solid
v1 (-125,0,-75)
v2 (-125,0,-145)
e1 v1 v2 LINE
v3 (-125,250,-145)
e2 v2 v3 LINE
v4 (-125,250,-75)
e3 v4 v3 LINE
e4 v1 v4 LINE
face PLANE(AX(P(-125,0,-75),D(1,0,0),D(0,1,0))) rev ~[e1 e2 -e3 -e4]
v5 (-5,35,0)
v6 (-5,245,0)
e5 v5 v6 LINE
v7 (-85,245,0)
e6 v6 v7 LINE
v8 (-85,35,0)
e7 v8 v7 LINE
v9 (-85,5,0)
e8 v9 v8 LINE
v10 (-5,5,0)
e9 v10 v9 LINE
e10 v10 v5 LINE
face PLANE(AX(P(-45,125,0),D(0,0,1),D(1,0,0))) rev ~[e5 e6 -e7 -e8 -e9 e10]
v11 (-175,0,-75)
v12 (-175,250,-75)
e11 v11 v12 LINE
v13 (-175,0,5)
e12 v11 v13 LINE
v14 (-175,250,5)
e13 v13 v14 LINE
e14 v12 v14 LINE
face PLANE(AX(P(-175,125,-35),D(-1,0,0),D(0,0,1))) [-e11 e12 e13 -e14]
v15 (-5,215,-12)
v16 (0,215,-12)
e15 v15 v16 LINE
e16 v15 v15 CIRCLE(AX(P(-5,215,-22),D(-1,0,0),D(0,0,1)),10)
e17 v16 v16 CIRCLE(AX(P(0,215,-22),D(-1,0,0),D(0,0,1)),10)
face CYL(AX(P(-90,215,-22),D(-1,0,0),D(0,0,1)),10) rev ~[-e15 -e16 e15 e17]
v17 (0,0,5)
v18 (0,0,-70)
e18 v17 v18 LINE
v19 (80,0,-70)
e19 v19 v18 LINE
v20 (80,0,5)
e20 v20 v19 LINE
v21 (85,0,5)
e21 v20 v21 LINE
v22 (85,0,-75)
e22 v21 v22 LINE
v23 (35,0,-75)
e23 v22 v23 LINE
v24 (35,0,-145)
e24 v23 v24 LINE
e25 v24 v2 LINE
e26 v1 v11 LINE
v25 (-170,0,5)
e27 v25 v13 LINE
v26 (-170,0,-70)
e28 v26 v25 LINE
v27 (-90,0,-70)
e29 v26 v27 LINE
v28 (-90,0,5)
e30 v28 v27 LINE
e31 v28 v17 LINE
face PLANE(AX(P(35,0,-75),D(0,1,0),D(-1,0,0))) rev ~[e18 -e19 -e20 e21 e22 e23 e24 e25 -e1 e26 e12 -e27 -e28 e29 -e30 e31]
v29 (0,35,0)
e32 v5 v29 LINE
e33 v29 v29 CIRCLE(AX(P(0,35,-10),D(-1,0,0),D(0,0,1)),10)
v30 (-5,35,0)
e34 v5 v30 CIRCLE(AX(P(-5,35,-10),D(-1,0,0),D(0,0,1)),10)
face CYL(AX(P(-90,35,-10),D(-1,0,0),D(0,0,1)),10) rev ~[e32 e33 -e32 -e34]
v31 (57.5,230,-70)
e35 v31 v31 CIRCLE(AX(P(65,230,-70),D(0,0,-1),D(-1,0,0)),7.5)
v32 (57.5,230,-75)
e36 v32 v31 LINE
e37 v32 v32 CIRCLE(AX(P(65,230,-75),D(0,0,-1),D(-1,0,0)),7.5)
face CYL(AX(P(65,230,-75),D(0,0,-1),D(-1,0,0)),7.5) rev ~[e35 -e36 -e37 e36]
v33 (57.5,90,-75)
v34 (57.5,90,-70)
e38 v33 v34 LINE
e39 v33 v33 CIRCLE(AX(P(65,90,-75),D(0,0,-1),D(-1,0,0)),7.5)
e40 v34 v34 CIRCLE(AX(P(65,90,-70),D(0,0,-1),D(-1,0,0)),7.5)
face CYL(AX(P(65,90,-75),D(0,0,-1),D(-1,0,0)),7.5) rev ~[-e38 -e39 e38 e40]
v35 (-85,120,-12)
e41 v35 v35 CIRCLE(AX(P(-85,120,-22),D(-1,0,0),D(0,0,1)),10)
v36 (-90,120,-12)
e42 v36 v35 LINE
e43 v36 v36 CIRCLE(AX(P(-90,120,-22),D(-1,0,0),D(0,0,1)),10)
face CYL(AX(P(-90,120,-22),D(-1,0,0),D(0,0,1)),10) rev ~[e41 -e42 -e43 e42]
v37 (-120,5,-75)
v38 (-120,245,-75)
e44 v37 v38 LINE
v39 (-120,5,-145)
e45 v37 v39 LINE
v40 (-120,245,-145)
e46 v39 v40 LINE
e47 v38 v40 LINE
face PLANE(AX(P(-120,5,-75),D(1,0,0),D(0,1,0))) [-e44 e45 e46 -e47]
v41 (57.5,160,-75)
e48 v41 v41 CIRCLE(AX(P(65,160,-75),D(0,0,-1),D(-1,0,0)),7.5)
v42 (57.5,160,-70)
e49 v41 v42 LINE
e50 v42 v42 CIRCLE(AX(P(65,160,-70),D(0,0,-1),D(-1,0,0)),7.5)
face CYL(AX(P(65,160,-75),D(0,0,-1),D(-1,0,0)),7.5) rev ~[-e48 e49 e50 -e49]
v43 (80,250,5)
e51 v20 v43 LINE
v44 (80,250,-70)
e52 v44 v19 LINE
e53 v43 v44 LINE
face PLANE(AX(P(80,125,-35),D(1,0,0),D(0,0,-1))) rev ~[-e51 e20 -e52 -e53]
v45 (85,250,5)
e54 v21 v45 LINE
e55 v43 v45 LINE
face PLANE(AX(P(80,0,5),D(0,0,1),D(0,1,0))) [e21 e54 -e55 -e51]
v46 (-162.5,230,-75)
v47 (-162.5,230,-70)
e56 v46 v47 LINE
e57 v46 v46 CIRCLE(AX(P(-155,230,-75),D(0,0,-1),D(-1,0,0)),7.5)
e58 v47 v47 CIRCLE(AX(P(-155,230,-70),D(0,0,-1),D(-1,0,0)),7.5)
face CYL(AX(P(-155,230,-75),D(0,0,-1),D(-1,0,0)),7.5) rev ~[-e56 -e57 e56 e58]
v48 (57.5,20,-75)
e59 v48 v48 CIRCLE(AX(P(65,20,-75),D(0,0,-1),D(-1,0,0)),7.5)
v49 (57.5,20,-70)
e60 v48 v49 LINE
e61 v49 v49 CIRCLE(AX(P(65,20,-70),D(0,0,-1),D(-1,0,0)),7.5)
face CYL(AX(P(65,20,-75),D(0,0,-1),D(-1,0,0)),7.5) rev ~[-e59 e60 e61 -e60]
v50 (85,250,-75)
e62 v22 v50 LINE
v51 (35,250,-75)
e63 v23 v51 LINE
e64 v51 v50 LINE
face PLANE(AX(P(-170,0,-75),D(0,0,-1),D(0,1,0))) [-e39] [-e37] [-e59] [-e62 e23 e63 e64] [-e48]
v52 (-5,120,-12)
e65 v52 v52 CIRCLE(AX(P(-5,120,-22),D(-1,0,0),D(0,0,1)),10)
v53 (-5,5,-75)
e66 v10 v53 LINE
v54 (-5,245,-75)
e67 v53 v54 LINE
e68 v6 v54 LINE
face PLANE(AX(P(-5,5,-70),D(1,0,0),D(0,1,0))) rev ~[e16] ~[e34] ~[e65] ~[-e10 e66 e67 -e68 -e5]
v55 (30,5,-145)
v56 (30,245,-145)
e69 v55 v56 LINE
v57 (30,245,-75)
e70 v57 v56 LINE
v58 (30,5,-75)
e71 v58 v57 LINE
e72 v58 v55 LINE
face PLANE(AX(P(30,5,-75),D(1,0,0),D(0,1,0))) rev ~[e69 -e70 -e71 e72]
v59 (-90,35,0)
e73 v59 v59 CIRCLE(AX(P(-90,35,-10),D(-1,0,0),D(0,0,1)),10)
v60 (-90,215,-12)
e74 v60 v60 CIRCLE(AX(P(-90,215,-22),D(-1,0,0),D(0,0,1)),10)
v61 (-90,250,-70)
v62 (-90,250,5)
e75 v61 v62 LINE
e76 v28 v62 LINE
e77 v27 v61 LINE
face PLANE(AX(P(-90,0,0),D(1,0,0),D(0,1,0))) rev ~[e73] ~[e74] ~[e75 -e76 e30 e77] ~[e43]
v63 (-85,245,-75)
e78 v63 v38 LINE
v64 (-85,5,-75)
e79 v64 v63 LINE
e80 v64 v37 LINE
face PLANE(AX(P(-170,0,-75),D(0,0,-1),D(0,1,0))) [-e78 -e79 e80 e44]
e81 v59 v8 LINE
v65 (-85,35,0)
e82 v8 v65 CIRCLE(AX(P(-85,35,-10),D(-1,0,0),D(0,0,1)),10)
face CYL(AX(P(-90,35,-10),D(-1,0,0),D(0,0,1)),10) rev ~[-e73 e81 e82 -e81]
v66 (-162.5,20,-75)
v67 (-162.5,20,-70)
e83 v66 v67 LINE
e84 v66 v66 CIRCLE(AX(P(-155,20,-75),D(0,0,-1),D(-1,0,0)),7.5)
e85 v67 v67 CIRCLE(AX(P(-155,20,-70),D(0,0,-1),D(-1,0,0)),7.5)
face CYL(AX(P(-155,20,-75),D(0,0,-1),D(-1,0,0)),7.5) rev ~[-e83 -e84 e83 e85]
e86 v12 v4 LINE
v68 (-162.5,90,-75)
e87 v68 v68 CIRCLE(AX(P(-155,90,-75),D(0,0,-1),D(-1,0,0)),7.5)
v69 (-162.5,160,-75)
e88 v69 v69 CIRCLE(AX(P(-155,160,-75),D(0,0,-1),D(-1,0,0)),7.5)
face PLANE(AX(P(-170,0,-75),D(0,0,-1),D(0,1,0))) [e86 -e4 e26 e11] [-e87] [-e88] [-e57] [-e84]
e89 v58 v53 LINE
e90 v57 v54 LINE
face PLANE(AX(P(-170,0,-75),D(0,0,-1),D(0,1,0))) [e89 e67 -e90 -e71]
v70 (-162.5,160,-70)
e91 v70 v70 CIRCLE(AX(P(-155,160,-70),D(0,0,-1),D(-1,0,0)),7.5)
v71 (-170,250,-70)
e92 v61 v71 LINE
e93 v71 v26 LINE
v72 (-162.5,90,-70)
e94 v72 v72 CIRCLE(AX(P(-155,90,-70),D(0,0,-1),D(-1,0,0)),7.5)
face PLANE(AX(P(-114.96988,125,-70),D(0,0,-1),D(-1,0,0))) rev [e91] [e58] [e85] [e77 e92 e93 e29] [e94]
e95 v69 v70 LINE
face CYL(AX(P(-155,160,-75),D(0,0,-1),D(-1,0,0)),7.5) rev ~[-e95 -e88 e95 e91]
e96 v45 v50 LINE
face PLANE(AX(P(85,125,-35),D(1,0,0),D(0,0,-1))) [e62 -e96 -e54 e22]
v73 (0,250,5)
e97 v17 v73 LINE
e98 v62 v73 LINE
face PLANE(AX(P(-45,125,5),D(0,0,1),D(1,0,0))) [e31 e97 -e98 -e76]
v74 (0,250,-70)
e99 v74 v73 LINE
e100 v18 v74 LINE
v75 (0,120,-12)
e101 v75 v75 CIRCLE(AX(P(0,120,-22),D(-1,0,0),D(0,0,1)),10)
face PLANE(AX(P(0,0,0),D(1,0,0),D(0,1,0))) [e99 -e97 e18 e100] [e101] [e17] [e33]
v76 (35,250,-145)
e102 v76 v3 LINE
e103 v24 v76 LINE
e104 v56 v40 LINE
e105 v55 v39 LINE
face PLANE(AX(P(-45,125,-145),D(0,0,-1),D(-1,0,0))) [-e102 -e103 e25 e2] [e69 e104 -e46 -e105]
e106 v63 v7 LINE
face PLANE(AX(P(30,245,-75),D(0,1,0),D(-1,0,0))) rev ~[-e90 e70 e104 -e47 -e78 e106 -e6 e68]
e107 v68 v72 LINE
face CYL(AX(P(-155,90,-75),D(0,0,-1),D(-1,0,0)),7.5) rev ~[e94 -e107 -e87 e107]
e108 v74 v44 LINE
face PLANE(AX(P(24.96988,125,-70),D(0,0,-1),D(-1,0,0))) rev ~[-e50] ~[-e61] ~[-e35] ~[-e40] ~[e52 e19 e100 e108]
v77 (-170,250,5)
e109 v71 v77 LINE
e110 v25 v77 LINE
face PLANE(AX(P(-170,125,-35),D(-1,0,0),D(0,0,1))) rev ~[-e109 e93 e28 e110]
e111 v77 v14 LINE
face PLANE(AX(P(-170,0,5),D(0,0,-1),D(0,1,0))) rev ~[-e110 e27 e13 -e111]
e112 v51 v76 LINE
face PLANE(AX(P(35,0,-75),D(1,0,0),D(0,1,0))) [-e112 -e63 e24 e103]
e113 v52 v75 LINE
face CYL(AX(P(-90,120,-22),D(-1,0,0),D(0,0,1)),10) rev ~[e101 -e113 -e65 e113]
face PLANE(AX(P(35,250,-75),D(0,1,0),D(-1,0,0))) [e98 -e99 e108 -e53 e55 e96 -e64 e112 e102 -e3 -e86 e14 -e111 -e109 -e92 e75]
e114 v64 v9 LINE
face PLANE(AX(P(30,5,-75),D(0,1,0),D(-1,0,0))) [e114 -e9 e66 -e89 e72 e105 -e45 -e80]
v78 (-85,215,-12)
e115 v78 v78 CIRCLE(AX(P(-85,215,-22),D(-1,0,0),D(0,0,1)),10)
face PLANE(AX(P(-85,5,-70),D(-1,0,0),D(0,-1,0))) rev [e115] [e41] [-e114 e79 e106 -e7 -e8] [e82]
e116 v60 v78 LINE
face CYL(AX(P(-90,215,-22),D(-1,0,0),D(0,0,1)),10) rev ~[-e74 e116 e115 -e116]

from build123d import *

# Parameters (mm, degrees)
ESQUISSE1_W             = 90
ESQUISSE1_H             = 250
BOSS_EXTRU_1_DEPTH      = 5
ESQUISSE2_W             = 90
ESQUISSE2_H             = 250
ESQUISSE2_W_2           = 80
ESQUISSE2_H_2           = 240
BOSS_EXTRU_2_DEPTH      = 70
BOSS_EXTRU_3_DEPTH      = 5
ESQUISSE4_R             = 10
ENL_V_MAT_EXTRU_2_DEPTH = 171
ESQUISSE5_W             = 80
ESQUISSE5_H             = 250
BOSS_EXTRU_4_DEPTH      = 5
ESQUISSE6_W             = 80
ESQUISSE6_H             = 250
BOSS_EXTRU_5_DEPTH      = 5
ESQUISSE7_W             = 160
ESQUISSE7_H             = 250
ESQUISSE7_W_2           = 150
ESQUISSE7_H_2           = 240
BOSS_EXTRU_6_DEPTH      = 70
ESQUISSE10_R            = 7.5
ENL_V_MAT_EXTRU_3_DEPTH = 50


with BuildPart() as part:
    # Esquisse1 → Boss.-Extru.1 (new body)
    with BuildSketch(Plane.XY):
        with Locations((-45, 125)):
            Rectangle(ESQUISSE1_W, ESQUISSE1_H)
    extrude(amount=BOSS_EXTRU_1_DEPTH)

    # Esquisse2 → Boss.-Extru.2 (add)
    with BuildSketch(Plane(origin=(0, 0, 0), x_dir=(-1, 0, 0), z_dir=(0, 0, -1))):
        with Locations((45, 125)):
            Rectangle(ESQUISSE2_W, ESQUISSE2_H)
        with Locations((45, 125)):
            Rectangle(ESQUISSE2_W_2, ESQUISSE2_H_2, mode=Mode.SUBTRACT)
    extrude(amount=BOSS_EXTRU_2_DEPTH)

    # Esquisse3 → Boss.-Extru.3 (add)
    with BuildSketch(Plane(origin=(0, 0, -70), x_dir=(-1, 0, 0), z_dir=(0, 0, -1))):
        Polygon((6.025463364, 250), (-80, 250), (-80, 0), (-15, 0), (45, 0), (45, 5), (5, 5), (5, 245), (45, 245), (45, 250), align=None)
    boss_extru_3 = extrude(amount=BOSS_EXTRU_3_DEPTH)

    # Symétrie1: Boss.-Extru.3 across plane
    add(boss_extru_3.mirror(Plane(origin=(-45, 245, -75), x_dir=(0, 0, 1), z_dir=(1, 0, 0))))

    # Esquisse4 → Enlèv. mat.-Extru.2 (cut, through all)
    with BuildSketch(Plane.ZY.offset(90)):
        with Locations((-22, 215)):
            Circle(ESQUISSE4_R)
        with Locations((-22, 120)):
            Circle(ESQUISSE4_R)
        with Locations((-10, 35)):
            Circle(ESQUISSE4_R)
    extrude(amount=-ENL_V_MAT_EXTRU_2_DEPTH, mode=Mode.SUBTRACT)

    # Esquisse5 → Boss.-Extru.4 (add)
    with BuildSketch(Plane(origin=(80, 0, 0), x_dir=(0, 0, -1), z_dir=(1, 0, 0))):
        with Locations((35, 125)):
            Rectangle(ESQUISSE5_W, ESQUISSE5_H)
    extrude(amount=BOSS_EXTRU_4_DEPTH)

    # Esquisse6 → Boss.-Extru.5 (add)
    with BuildSketch(Plane.ZY.offset(170)):
        with Locations((-35, 125)):
            Rectangle(ESQUISSE6_W, ESQUISSE6_H)
    extrude(amount=BOSS_EXTRU_5_DEPTH)

    # Esquisse7 → Boss.-Extru.6 (add)
    with BuildSketch(Plane(origin=(0, 0, -75), x_dir=(-1, 0, 0), z_dir=(0, 0, -1))):
        with Locations((45, 125)):
            Rectangle(ESQUISSE7_W, ESQUISSE7_H)
        with Locations((45, 125)):
            Rectangle(ESQUISSE7_W_2, ESQUISSE7_H_2, mode=Mode.SUBTRACT)
    extrude(amount=BOSS_EXTRU_6_DEPTH)

    # Esquisse10 → Enlèv. mat.-Extru.3 (cut)
    with BuildSketch(Plane(origin=(0, 0, -75), x_dir=(-1, 0, 0), z_dir=(0, 0, -1))):
        with Locations((155, 230)):
            Circle(ESQUISSE10_R)
        with Locations((-65, 230)):
            Circle(ESQUISSE10_R)
        with Locations((-65, 160)):
            Circle(ESQUISSE10_R)
        with Locations((155, 160)):
            Circle(ESQUISSE10_R)
        with Locations((-65, 90)):
            Circle(ESQUISSE10_R)
        with Locations((155, 90)):
            Circle(ESQUISSE10_R)
        with Locations((-65, 20)):
            Circle(ESQUISSE10_R)
        with Locations((155, 20)):
            Circle(ESQUISSE10_R)
    extrude(amount=-ENL_V_MAT_EXTRU_3_DEPTH, mode=Mode.SUBTRACT)


solid = part.part
